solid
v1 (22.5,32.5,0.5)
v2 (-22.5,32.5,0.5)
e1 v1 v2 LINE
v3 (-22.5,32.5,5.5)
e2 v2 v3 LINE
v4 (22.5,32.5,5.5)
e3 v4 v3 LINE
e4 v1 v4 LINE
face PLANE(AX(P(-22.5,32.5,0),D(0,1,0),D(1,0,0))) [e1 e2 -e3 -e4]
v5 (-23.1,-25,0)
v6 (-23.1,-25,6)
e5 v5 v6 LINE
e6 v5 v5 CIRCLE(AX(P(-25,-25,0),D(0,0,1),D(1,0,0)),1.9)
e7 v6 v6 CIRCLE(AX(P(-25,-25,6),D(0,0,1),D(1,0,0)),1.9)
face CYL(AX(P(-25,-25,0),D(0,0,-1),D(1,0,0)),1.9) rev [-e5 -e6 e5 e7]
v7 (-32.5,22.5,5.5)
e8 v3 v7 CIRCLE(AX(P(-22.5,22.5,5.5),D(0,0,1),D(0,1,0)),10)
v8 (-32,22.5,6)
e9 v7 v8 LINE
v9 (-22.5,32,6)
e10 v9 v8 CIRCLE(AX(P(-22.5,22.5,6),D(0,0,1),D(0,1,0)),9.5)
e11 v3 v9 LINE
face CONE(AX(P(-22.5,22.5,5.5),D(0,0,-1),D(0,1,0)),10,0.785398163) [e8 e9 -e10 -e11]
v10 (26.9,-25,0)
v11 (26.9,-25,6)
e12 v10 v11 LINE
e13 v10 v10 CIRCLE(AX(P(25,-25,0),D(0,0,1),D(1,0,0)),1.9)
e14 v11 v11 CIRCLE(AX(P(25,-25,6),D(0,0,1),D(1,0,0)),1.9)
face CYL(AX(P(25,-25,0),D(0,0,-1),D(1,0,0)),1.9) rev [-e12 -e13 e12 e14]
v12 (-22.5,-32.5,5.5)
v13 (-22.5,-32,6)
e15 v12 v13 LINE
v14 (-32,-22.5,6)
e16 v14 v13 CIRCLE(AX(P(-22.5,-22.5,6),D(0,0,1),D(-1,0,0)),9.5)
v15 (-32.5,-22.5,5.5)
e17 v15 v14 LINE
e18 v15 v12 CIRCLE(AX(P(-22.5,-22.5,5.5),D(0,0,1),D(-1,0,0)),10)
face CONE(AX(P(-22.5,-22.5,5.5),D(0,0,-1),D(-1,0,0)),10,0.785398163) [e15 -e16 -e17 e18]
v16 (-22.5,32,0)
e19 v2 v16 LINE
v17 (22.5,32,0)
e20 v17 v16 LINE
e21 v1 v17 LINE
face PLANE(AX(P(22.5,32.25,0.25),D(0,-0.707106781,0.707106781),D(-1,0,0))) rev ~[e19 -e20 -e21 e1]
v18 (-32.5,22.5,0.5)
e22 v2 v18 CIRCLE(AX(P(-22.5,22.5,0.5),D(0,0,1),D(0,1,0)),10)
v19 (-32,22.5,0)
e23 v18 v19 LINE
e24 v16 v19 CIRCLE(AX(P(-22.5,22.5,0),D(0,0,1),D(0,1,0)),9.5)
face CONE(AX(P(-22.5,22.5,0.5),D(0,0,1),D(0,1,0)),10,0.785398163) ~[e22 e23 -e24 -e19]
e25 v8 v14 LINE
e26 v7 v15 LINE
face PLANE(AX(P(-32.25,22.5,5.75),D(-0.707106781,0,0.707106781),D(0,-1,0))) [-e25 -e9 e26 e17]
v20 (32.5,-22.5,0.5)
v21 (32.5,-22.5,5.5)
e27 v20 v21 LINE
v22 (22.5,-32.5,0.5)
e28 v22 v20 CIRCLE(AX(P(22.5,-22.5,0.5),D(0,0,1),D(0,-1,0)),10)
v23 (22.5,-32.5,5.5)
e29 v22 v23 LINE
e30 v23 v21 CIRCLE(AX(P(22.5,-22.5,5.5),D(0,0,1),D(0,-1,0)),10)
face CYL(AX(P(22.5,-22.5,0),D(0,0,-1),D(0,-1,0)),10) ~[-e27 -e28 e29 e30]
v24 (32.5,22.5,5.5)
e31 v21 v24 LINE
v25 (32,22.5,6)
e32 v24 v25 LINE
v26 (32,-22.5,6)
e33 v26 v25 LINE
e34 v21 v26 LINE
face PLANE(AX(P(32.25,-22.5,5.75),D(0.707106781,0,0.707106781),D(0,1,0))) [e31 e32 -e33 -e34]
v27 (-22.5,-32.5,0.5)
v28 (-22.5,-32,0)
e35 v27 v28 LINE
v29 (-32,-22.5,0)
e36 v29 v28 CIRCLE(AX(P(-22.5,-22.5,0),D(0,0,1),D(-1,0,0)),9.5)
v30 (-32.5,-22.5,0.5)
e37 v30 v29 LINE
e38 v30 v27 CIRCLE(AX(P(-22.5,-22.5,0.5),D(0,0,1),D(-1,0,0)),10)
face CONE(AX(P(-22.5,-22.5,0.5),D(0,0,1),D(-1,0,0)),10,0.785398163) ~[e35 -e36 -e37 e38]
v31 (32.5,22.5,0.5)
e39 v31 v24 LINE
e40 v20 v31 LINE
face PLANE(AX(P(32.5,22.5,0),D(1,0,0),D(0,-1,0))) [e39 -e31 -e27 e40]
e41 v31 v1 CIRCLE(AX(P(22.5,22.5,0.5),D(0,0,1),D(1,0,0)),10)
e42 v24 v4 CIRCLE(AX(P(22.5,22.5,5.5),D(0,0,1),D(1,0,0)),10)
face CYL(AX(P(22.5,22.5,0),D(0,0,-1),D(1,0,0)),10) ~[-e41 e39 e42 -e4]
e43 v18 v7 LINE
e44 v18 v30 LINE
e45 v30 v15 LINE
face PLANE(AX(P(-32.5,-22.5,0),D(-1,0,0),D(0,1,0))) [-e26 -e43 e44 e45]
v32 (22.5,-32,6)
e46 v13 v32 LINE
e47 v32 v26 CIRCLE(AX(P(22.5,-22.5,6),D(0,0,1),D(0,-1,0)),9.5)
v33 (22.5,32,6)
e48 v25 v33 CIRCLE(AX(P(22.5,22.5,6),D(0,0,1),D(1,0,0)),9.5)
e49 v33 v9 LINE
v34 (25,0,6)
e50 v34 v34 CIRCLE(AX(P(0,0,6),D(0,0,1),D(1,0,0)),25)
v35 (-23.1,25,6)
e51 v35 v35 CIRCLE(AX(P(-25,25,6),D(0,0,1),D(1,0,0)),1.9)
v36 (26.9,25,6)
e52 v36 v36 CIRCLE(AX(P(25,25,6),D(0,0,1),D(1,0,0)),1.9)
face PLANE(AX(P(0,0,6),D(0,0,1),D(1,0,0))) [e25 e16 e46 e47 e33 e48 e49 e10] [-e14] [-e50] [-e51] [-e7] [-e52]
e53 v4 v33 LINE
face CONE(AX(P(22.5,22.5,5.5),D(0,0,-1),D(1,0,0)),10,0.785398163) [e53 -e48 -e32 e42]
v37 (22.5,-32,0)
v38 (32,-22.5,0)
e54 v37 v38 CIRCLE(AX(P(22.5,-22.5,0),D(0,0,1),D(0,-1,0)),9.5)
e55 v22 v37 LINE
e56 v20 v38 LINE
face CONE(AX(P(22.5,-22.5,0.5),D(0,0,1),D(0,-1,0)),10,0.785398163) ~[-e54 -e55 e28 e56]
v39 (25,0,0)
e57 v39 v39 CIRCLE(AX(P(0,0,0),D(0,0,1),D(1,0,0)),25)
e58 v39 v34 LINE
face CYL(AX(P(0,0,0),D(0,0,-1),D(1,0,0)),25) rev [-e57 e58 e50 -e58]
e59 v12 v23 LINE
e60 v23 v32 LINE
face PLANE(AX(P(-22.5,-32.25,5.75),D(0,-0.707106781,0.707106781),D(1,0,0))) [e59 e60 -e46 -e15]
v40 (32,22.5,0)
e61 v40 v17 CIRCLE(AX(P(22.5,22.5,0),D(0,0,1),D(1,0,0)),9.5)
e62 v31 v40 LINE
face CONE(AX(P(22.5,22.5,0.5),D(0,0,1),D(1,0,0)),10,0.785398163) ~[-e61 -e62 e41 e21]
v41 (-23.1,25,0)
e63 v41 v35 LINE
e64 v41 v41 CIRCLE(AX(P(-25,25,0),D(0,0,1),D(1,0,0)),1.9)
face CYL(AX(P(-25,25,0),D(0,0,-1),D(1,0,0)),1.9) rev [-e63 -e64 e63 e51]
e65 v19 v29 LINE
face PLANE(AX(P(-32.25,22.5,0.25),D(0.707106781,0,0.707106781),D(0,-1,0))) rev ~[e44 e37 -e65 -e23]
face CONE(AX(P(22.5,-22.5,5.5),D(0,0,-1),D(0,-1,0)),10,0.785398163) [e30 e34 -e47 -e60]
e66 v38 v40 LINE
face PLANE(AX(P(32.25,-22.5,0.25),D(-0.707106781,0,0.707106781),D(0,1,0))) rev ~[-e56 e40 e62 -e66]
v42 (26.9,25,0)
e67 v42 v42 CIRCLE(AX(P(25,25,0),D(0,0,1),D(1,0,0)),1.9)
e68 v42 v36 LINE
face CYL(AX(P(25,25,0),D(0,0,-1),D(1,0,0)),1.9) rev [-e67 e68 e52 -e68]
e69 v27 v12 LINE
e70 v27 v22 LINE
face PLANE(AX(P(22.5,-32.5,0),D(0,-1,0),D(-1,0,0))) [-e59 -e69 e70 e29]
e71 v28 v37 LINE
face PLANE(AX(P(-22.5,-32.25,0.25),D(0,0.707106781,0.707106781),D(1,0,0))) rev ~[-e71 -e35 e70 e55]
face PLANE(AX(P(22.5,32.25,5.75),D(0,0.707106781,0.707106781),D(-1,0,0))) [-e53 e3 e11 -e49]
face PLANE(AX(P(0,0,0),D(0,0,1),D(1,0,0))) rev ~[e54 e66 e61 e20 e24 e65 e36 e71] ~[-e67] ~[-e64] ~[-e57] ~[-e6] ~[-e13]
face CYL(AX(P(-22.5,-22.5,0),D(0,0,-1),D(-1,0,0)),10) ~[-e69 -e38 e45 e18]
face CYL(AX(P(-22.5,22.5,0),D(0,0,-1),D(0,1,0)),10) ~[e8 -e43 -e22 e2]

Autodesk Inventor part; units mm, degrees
ref_plane "YZ Plane" through (0, 0, 0) normal (1, 0, 0) x (0, 1, 0)
ref_plane "XZ Plane" through (0, 0, 0) normal (0, 1, 0) x (-1, 0, 0)
ref_plane "XY Plane" through (0, 0, 0) normal (0, 0, 1) x (1, 0, 0)
sketch "Skizze1" plane through (0, 0, 0) normal (0, 0, 1) x (1, 0, 0)
  circle A0 centre (0, 0) radius 25
  line L0 (-32.5, 32.5) -> (32.5, 32.5)
  line L1 (32.5, 22.5) -> (32.5, -22.5)
  line L2 (22.5, -32.5) -> (-22.5, -32.5)
  line L3 (-32.5, -22.5) -> (-32.5, 22.5)
  line L4 (-32.5, 32.5) -> (32.5, -32.5) construction
  line L5 (32.5, 32.5) -> (-32.5, -32.5) construction
  circle A1 centre (-25, 25) radius 1.9
  circle A2 centre (25, 25) radius 1.9
  circle A3 centre (-25, -25) radius 1.9
  circle A4 centre (25, -25) radius 1.9
  line L6 (-22.5, 32.5) -> (22.5, 32.5)
  line L7 (32.5, -32.5) -> (-32.5, -32.5)
  line L8 (-32.5, -32.5) -> (-32.5, 32.5)
  line L9 (32.5, 32.5) -> (32.5, -32.5)
  arc A5 (-22.5, 32.5) -> (-32.5, 22.5) centre (-22.5, 22.5) ccw
  arc A6 (-32.5, -22.5) -> (-22.5, -32.5) centre (-22.5, -22.5) ccw
  arc A7 (22.5, -32.5) -> (32.5, -22.5) centre (22.5, -22.5) ccw
  arc A8 (32.5, 22.5) -> (22.5, 32.5) centre (22.5, 22.5) ccw
  dimension "d0" = 50
  dimension "d1" = 65
  dimension "d2" = 65
  dimension "d5" = 25
  dimension "d6" = 25
  dimension "d7" = 3.8
  dimension "d10" = 50
  dimension "d13" = 50
  dimension "d16" = 10
extrude "Extrusion1" add sketch "Skizze1" along normal blind 6 contours L0 A8 L1 A7 L2 A6 L3 A5
chamfer "Fase1" distance 0.5 angle 45 16 edges at (29.5711, 29.5711, 0) (0, 32.5, 0) (-29.5711, 29.5711, 0) (-32.5, 0, 0) (-29.5711, -29.5711, 0) (0, -32.5, 0) (29.5711, -29.5711, 0) (32.5, 0, 0) (29.5711, 29.5711, 6) (0, 32.5, 6) (-29.5711, 29.5711, 6) (-32.5, 0, 6) (-29.5711, -29.5711, 6) (0, -32.5, 6) (29.5711, -29.5711, 6) (32.5, 0, 6)
properties part number "StageInsert_FoilHolder_Part2"
